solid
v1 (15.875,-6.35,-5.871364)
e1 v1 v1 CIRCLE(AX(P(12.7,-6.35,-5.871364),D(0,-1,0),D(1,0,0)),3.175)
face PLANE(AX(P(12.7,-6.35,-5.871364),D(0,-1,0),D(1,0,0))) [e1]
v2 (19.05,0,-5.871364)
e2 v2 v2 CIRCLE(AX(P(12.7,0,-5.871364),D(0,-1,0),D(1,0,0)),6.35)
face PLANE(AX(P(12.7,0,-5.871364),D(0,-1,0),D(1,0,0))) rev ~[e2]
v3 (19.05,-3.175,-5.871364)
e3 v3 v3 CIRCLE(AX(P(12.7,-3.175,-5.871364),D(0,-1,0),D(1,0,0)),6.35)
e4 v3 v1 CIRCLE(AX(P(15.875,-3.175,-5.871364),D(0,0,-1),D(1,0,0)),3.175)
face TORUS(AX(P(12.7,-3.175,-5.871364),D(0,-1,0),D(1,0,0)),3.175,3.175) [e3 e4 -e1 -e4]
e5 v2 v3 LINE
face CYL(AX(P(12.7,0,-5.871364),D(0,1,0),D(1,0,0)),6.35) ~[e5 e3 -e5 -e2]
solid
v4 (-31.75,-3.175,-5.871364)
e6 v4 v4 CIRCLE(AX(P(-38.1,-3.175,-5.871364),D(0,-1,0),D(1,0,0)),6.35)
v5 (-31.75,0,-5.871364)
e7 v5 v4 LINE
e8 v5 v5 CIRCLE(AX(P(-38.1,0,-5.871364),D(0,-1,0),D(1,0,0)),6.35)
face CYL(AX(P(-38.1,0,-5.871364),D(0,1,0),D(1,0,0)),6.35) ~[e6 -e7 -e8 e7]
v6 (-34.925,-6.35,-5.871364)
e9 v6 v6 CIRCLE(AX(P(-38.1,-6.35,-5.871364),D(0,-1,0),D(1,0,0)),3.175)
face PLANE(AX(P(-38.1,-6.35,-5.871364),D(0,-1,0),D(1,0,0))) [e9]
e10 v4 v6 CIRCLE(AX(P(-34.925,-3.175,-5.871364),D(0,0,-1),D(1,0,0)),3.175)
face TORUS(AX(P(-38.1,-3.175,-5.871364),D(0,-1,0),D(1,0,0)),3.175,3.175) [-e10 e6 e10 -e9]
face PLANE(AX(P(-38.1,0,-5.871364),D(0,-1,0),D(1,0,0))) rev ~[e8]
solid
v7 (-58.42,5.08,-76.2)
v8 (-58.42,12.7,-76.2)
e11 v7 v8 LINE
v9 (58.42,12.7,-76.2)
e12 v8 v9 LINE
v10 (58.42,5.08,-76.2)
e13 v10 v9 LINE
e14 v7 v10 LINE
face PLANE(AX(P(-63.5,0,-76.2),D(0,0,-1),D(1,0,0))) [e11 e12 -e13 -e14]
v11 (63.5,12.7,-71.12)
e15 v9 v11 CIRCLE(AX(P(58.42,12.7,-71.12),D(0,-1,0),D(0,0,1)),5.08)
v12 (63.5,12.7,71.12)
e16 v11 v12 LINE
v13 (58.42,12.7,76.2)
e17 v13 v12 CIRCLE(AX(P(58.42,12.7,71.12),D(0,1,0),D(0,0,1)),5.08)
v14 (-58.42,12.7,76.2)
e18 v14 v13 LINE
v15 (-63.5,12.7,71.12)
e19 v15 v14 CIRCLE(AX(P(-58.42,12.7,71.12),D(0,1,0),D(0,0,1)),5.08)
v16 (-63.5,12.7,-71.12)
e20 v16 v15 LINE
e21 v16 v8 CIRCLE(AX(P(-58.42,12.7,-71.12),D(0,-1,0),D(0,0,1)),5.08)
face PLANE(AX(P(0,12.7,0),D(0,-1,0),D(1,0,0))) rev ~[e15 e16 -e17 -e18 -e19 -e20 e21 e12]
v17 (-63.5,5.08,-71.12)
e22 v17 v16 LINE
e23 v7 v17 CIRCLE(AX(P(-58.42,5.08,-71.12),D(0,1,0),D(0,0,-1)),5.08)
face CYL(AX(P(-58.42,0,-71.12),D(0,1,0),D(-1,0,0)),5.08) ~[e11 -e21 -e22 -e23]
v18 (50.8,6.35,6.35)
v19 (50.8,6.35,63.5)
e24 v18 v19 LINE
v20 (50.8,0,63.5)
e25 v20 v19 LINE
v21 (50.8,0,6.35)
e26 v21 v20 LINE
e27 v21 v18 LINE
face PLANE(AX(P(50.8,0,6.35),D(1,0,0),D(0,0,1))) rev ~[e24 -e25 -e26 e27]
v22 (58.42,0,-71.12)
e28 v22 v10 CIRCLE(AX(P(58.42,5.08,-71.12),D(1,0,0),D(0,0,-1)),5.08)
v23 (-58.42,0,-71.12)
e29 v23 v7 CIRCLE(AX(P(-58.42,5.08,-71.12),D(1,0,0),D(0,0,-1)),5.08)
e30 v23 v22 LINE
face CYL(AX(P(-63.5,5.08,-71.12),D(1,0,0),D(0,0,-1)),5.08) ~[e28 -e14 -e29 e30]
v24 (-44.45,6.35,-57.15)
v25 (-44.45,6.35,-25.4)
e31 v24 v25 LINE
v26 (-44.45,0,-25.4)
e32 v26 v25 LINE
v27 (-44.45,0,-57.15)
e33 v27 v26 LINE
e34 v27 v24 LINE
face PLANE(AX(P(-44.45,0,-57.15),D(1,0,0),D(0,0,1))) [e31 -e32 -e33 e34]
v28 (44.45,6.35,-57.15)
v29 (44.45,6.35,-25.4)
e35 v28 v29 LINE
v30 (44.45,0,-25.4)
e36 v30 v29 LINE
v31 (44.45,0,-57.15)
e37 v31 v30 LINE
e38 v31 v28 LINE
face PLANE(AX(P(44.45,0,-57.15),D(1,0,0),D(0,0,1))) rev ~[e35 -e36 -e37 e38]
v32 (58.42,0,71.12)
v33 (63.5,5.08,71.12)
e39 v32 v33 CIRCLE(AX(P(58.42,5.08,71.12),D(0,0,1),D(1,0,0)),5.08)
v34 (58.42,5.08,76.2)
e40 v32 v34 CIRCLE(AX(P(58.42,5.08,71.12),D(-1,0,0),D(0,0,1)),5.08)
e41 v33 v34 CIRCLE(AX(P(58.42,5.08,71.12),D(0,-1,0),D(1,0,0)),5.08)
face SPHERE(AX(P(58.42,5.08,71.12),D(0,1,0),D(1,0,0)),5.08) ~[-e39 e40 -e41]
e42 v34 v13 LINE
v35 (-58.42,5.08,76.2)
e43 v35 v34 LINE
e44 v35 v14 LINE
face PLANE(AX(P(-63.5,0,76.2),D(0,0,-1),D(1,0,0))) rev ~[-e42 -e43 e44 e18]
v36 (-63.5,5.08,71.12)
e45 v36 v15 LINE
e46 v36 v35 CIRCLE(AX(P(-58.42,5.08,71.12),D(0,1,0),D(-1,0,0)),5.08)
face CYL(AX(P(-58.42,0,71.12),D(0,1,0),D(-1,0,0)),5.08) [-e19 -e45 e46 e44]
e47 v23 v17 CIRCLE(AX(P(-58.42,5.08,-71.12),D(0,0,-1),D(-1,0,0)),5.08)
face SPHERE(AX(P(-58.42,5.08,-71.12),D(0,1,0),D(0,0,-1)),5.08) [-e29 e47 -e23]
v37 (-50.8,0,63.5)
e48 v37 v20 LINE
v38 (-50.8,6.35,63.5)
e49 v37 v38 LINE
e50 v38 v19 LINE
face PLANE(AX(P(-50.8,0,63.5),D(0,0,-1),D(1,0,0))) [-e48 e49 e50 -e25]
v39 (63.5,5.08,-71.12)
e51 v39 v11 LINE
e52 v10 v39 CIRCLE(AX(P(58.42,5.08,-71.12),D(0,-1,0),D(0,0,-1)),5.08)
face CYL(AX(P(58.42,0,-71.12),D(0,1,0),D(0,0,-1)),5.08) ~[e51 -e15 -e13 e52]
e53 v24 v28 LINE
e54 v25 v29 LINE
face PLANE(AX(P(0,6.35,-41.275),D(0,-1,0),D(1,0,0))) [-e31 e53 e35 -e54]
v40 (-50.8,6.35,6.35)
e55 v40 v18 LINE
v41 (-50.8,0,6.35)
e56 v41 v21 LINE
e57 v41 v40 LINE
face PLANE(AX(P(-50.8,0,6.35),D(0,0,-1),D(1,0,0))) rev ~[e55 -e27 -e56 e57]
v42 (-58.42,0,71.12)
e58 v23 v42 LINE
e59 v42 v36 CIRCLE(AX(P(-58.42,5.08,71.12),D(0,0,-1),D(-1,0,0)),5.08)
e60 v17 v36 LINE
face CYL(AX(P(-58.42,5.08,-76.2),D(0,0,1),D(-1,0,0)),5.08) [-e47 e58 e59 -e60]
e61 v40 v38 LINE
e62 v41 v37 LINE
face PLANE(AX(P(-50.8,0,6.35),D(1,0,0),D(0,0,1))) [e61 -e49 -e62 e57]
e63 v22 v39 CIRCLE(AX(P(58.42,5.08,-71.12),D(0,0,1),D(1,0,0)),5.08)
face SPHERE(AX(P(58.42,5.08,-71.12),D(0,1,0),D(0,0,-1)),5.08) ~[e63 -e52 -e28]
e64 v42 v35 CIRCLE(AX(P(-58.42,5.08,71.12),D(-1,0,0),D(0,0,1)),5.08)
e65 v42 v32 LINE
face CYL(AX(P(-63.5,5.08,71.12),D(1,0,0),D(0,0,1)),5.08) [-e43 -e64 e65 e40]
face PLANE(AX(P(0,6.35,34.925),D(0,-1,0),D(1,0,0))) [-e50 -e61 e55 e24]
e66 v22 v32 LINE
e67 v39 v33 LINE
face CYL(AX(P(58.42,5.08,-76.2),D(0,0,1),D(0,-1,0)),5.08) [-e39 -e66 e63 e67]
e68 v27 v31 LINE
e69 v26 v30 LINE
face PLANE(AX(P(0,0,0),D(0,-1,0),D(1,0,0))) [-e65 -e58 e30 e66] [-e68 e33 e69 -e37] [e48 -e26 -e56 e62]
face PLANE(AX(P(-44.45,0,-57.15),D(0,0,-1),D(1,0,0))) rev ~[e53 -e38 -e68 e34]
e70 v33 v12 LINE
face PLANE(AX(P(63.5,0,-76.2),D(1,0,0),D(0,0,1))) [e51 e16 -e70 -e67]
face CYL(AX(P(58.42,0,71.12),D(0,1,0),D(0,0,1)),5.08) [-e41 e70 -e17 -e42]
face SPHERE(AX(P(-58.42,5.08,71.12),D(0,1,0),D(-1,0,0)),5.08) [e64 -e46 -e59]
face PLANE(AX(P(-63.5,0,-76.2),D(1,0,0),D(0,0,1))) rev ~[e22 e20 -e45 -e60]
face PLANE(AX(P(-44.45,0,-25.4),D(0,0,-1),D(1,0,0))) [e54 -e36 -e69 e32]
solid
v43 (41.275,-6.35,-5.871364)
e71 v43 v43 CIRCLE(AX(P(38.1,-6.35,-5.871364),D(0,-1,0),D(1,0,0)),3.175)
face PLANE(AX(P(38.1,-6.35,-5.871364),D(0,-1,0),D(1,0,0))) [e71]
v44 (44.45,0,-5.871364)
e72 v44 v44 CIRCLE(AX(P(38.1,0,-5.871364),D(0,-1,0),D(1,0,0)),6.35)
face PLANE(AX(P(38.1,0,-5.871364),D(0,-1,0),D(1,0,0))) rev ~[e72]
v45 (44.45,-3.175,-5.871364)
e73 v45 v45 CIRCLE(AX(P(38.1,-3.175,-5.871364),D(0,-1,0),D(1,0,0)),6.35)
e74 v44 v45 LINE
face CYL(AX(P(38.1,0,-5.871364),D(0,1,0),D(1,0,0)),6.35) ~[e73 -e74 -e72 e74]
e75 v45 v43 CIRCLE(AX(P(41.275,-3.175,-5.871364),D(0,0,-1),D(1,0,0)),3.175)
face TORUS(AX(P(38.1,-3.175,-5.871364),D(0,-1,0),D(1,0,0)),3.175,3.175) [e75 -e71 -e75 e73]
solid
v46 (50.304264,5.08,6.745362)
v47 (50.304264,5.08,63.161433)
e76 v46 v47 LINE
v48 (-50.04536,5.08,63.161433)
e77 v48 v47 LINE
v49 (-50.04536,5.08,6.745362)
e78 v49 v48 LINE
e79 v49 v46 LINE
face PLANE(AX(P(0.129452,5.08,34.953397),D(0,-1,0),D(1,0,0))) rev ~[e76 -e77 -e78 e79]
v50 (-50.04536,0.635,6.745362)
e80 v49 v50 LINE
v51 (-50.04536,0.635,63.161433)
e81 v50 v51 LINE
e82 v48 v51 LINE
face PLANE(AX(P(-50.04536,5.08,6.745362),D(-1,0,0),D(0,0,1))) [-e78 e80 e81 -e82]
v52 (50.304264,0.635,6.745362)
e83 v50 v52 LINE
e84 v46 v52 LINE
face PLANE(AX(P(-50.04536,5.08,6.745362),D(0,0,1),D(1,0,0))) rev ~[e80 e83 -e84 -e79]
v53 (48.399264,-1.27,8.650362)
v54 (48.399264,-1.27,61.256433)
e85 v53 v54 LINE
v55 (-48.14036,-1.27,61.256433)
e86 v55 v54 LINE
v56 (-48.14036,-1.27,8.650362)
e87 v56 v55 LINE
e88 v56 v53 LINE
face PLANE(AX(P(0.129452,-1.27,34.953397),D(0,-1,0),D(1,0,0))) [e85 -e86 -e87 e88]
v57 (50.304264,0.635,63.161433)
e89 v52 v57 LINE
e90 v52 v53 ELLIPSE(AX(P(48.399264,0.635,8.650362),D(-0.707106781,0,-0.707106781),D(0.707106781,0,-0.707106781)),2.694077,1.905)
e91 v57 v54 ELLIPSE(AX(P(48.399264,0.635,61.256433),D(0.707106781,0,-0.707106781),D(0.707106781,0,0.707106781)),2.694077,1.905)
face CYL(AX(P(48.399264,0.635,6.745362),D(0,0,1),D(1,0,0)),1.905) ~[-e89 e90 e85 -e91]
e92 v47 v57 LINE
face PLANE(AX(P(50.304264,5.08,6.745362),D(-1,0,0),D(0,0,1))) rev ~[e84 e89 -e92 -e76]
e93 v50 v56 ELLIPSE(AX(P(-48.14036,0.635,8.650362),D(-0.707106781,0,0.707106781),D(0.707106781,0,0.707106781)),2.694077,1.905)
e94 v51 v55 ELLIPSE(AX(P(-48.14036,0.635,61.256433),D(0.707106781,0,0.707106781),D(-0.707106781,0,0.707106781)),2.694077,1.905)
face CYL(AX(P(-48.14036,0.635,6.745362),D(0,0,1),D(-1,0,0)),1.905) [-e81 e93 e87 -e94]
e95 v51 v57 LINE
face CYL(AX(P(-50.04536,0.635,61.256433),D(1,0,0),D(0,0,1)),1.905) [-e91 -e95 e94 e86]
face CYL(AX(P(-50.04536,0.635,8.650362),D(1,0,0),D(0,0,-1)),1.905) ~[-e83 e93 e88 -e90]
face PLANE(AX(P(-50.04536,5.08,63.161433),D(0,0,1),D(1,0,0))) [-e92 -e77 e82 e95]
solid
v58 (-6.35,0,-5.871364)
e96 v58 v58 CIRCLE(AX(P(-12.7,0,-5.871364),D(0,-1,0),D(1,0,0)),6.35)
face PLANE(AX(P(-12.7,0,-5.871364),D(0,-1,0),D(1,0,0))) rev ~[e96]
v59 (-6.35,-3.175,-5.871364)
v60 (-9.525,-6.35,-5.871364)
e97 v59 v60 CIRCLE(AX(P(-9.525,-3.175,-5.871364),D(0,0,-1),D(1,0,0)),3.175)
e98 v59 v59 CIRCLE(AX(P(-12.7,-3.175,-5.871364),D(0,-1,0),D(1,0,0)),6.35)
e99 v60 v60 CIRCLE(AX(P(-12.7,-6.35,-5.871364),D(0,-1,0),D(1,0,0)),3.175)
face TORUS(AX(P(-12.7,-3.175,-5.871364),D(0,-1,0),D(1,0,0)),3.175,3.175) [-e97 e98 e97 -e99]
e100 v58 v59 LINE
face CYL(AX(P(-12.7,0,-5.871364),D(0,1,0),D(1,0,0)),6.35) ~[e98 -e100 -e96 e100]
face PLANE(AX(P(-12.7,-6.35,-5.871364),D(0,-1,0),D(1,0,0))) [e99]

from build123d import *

# Parameters (mm, degrees)
F0_W     = 127
F0_H     = 152.4
F1_DEPTH = 12.7
F2_W     = 101.6
F2_H     = 57.15
F2_W_2   = 88.9
F2_H_2   = 31.75
F3_DEPTH = 6.35
F2_R     = 6.35
F4_DEPTH = 6.35
F6_W     = 100.3496237099
F6_H     = 56.4160710201
F7_DEPTH = 6.35
F8_R     = 3.175
F8_2_R   = 3.175
F8_3_R   = 3.175
F8_4_R   = 3.175
F9_R     = 1.905
F10_R    = 5.08


with BuildPart() as f1:
    # F0 (on Front) → F1 (new body)
    with BuildSketch(Plane.XZ):
        Rectangle(F0_W, F0_H)
    extrude(amount=-F1_DEPTH)

    # F2 (on face) → F3 (cut)
    with BuildSketch(Plane.XZ):
        with Locations((0, 34.925)):
            Rectangle(F2_W, F2_H)
        with Locations((0, -41.275)):
            Rectangle(F2_W_2, F2_H_2)
    extrude(amount=-F3_DEPTH, mode=Mode.SUBTRACT)

    # F10
    f10_edges = [f1.edges().sort_by_distance(p)[0] for p in [
        (-63.5, 6.35, 76.2),
        (63.5, 6.35, 76.2),
        (63.5, 6.35, -76.2),
        (-63.5, 6.35, -76.2),
        (0, 0, -76.2),
        (-63.5, 0, 0),
        (63.5, 0, 0),
        (0, 0, 76.2),
    ]]
    fillet(f10_edges, radius=F10_R)


with BuildPart() as f4:
    # F2 (on face) → F4 (new body)
    with BuildSketch(Plane.XZ):
        with Locations((-38.1, -5.8713643812)):
            Circle(F2_R)
    extrude(amount=F4_DEPTH)

    # F8
    f8_edges = [f4.edges().sort_by_distance(p)[0] for p in [
        (-44.45, -6.35, -5.871364),
    ]]
    fillet(f8_edges, radius=F8_R)


with BuildPart() as f4b:
    # F2 (on face) → F4, piece 2 (new body)
    with BuildSketch(Plane.XZ):
        with Locations((-12.7, -5.8713643812)):
            Circle(F2_R)
    extrude(amount=F4_DEPTH)

    # F8#2
    f8_2_edges = [f4b.edges().sort_by_distance(p)[0] for p in [
        (-19.05, -6.35, -5.871364),
    ]]
    fillet(f8_2_edges, radius=F8_2_R)


with BuildPart() as f4c:
    # F2 (on face) → F4, piece 3 (new body)
    with BuildSketch(Plane.XZ):
        with Locations((12.7, -5.8713643812)):
            Circle(F2_R)
    extrude(amount=F4_DEPTH)

    # F8#3
    f8_3_edges = [f4c.edges().sort_by_distance(p)[0] for p in [
        (6.35, -6.35, -5.871364),
    ]]
    fillet(f8_3_edges, radius=F8_3_R)


with BuildPart() as f4d:
    # F2 (on face) → F4, piece 4 (new body)
    with BuildSketch(Plane.XZ):
        with Locations((38.1, -5.8713643812)):
            Circle(F2_R)
    extrude(amount=F4_DEPTH)

    # F8#4
    f8_4_edges = [f4d.edges().sort_by_distance(p)[0] for p in [
        (31.75, -6.35, -5.871364),
    ]]
    fillet(f8_4_edges, radius=F8_4_R)


with BuildPart() as f7:
    # F6 (on offset) → F7 (new body)
    with BuildSketch(Plane.XZ.offset(-5.08)):
        with Locations((0.1294519752, 34.953397233)):
            Rectangle(F6_W, F6_H)
    extrude(amount=F7_DEPTH)

    # F9
    f9_edges = [f7.edges().sort_by_distance(p)[0] for p in [
        (-50.04536, -1.27, 34.953397),
        (0.129452, -1.27, 63.161433),
        (0.129452, -1.27, 6.745362),
        (50.304264, -1.27, 34.953397),
    ]]
    fillet(f9_edges, radius=F9_R)


solid = Compound([f1.part, f4.part, f4b.part, f4c.part, f4d.part, f7.part])
